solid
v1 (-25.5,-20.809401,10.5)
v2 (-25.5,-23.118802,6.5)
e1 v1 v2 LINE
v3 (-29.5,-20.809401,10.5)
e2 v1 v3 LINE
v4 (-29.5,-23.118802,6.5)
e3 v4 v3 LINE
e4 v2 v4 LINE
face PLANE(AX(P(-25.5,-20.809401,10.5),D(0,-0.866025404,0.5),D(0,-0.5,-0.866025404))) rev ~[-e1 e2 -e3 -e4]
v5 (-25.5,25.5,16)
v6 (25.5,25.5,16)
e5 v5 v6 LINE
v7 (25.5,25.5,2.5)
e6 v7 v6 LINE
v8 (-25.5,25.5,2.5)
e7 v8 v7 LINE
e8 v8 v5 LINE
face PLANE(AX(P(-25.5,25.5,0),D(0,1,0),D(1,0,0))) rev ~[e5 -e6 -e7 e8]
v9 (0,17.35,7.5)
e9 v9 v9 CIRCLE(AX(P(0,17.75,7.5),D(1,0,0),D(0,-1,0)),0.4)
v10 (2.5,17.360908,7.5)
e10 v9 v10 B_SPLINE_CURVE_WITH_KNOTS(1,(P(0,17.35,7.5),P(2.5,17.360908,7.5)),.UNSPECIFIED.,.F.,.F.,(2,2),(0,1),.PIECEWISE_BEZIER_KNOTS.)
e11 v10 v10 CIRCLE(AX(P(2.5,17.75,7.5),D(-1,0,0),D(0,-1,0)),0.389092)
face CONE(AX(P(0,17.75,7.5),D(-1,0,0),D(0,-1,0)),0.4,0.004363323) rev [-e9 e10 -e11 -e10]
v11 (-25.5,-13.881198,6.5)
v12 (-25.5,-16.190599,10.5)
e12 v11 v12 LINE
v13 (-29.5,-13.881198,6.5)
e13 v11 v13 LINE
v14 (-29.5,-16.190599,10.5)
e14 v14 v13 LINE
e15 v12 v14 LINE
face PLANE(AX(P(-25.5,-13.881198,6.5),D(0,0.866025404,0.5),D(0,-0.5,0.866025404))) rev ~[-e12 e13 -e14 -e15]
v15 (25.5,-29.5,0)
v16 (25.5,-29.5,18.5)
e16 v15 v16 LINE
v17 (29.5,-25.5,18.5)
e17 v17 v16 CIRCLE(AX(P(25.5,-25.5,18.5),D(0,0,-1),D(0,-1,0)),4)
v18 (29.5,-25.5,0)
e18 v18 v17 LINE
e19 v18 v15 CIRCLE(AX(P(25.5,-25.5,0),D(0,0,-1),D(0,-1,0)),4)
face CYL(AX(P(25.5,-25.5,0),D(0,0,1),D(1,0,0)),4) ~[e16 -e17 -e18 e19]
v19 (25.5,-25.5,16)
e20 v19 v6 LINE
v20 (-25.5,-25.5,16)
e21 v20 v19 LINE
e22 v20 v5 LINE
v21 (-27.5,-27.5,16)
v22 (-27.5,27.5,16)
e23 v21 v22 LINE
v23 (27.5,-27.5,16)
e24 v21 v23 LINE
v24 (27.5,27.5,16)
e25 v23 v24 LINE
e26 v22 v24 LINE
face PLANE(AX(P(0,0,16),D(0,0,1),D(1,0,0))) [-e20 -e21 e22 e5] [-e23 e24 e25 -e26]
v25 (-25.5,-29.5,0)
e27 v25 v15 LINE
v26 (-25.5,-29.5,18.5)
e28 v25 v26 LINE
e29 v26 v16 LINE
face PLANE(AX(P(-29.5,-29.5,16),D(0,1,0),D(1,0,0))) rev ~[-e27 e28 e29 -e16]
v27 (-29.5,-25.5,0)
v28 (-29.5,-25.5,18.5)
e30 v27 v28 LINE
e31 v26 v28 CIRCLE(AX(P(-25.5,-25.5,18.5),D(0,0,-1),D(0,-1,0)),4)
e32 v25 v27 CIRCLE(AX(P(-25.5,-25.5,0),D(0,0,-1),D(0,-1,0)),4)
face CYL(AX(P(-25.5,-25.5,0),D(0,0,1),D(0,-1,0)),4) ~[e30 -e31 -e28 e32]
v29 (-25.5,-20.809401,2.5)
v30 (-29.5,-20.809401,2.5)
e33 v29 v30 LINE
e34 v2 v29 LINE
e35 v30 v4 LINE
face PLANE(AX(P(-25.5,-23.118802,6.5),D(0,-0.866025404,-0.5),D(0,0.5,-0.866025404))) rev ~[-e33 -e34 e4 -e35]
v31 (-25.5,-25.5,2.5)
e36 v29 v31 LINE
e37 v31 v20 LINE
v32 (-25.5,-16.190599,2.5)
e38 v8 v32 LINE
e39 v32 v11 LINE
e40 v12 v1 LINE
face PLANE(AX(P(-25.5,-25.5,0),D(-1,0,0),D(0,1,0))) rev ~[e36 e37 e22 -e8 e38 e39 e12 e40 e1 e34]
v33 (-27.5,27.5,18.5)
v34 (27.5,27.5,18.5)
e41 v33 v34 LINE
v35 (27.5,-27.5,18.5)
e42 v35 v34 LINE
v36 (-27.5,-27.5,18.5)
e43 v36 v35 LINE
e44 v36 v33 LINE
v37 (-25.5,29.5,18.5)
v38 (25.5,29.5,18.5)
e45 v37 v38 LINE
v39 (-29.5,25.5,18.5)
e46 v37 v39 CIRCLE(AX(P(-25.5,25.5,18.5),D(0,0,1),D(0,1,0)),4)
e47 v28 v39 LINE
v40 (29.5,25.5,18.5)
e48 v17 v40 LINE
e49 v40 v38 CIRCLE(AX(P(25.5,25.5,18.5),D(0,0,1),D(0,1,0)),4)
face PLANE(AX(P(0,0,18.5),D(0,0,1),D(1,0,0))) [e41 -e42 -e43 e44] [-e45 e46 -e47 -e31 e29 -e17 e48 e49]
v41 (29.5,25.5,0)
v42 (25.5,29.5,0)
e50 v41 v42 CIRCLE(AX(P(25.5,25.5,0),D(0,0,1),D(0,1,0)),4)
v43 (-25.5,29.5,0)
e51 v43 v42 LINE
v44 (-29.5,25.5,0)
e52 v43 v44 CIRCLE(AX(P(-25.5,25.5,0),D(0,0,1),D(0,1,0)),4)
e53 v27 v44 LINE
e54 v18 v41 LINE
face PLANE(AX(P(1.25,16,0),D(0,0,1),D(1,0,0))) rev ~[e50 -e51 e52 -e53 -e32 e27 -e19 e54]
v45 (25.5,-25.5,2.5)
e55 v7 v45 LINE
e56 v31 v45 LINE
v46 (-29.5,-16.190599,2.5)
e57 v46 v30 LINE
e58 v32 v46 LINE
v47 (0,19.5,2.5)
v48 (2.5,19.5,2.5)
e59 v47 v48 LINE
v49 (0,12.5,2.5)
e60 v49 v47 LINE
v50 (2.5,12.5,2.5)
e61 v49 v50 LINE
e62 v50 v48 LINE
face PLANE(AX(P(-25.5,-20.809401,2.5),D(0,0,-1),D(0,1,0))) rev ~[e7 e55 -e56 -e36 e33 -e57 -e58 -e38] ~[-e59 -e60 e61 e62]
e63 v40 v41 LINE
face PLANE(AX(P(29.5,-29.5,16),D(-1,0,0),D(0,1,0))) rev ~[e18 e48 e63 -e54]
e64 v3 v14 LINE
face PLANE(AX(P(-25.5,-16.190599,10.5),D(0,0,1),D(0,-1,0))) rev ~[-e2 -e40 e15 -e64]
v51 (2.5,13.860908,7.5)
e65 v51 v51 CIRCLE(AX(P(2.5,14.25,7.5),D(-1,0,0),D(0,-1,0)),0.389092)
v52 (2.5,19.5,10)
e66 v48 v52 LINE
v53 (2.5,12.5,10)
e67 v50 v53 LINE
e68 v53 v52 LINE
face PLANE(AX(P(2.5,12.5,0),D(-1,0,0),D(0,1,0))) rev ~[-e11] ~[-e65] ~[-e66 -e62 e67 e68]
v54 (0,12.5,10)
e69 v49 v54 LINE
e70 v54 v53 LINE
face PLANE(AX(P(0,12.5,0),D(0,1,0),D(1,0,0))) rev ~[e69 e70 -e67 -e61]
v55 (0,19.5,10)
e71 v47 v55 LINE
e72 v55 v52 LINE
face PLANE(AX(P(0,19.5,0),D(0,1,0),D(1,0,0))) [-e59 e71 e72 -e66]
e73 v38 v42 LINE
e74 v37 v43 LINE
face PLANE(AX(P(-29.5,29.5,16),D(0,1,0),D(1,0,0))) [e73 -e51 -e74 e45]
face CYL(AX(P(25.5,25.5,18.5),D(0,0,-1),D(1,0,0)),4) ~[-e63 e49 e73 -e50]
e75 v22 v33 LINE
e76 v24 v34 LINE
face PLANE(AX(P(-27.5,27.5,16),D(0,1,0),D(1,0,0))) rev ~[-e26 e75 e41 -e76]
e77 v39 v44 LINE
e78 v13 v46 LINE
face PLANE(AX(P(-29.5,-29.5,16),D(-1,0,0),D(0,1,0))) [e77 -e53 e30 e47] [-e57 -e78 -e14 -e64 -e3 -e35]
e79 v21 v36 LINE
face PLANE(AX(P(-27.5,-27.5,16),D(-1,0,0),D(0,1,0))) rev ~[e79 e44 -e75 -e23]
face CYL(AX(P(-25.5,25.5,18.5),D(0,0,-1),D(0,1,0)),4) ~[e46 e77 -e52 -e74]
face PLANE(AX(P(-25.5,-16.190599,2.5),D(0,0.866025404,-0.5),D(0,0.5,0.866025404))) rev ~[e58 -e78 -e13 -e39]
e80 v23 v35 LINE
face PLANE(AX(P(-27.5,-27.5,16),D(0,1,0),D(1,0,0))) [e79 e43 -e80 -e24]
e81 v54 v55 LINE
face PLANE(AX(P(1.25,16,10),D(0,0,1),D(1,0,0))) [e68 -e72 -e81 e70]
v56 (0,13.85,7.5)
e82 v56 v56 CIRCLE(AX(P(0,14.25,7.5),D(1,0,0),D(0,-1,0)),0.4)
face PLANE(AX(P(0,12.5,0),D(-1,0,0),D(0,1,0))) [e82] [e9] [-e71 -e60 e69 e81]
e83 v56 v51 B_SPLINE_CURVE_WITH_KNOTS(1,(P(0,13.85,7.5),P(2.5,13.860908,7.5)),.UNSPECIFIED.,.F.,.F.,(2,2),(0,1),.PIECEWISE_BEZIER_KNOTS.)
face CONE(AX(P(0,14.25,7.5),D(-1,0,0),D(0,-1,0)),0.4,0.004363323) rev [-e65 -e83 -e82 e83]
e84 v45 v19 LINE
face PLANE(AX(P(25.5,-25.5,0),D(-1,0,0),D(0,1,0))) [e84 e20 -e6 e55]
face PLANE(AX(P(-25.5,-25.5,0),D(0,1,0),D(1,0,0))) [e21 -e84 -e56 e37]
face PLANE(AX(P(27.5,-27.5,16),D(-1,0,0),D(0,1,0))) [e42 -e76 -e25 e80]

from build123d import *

# Parameters (mm, degrees)
F0_W      = 59
F0_H      = 59
F0_W_2    = 51
F0_H_2    = 51
F1_DEPTH  = 16
F2_W      = 59
F2_H      = 59
F2_W_2    = 55
F2_H_2    = 55
F3_DEPTH  = 2.5
F4_W      = 51
F4_H      = 51
F5_DEPTH  = 2.5
F7_W      = 2.5
F7_H      = 7
F8_DEPTH  = 10
F9_R      = 0.4
F10_DEPTH = 2.5
F10_TAPER = 0.25
F11_R     = 4
F12_R     = 4
F14_DEPTH = 25


with BuildPart() as f1:
    # F0 (on Top) → F1 (new body)
    with BuildSketch(Plane.XY):
        Rectangle(F0_W, F0_H)
        Rectangle(F0_W_2, F0_H_2, mode=Mode.SUBTRACT)
    extrude(amount=F1_DEPTH)

    # F2 (on face) → F3 (join)
    with BuildSketch(Plane.XY.offset(16)):
        Rectangle(F2_W, F2_H)
        Rectangle(F2_W_2, F2_H_2, mode=Mode.SUBTRACT)
    extrude(amount=F3_DEPTH)

    # F4 (on face) → F5 (join)
    with BuildSketch(Plane(origin=(0, 0, 0), x_dir=(1, 0, 0), z_dir=(0, 0, -1))):
        Rectangle(F4_W, F4_H)
    extrude(amount=-F5_DEPTH)

    # F7 (on face) → F8 (join)
    with BuildSketch(Plane.XY):
        with Locations((1.25, 16)):
            Rectangle(F7_W, F7_H)
    extrude(amount=F8_DEPTH)

    # F9 (on face) → F10 (cut)
    with BuildSketch(Plane(origin=(0, 0, 0), x_dir=(0, -1, 0), z_dir=(-1, 0, 0))):
        with Locations((-17.75, 7.5)):
            Circle(F9_R)
        with Locations((-14.25, 7.5)):
            Circle(F9_R)
    extrude(amount=-F10_DEPTH, taper=F10_TAPER, mode=Mode.SUBTRACT)

    # F11
    f11_edges = [f1.edges().sort_by_distance(p)[0] for p in [
        (29.5, 29.5, 9.25),
    ]]
    fillet(f11_edges, radius=F11_R)

    # F12
    f12_edges = [f1.edges().sort_by_distance(p)[0] for p in [
        (-29.5, 29.5, 9.25),
        (-29.5, -29.5, 9.25),
        (29.5, -29.5, 9.25),
    ]]
    fillet(f12_edges, radius=F12_R)

    # F13 (on face) → F14 (cut)
    with BuildSketch(Plane.YZ.offset(-25.5)):
        Polygon((-16.1905989232, 2.5), (-13.8811978465, 6.5), (-16.1905989232, 10.5), (-20.8094010768, 10.5), (-23.1188021535, 6.5), (-20.8094010768, 2.5), align=None)
    extrude(amount=-F14_DEPTH, mode=Mode.SUBTRACT)


solid = f1.part
